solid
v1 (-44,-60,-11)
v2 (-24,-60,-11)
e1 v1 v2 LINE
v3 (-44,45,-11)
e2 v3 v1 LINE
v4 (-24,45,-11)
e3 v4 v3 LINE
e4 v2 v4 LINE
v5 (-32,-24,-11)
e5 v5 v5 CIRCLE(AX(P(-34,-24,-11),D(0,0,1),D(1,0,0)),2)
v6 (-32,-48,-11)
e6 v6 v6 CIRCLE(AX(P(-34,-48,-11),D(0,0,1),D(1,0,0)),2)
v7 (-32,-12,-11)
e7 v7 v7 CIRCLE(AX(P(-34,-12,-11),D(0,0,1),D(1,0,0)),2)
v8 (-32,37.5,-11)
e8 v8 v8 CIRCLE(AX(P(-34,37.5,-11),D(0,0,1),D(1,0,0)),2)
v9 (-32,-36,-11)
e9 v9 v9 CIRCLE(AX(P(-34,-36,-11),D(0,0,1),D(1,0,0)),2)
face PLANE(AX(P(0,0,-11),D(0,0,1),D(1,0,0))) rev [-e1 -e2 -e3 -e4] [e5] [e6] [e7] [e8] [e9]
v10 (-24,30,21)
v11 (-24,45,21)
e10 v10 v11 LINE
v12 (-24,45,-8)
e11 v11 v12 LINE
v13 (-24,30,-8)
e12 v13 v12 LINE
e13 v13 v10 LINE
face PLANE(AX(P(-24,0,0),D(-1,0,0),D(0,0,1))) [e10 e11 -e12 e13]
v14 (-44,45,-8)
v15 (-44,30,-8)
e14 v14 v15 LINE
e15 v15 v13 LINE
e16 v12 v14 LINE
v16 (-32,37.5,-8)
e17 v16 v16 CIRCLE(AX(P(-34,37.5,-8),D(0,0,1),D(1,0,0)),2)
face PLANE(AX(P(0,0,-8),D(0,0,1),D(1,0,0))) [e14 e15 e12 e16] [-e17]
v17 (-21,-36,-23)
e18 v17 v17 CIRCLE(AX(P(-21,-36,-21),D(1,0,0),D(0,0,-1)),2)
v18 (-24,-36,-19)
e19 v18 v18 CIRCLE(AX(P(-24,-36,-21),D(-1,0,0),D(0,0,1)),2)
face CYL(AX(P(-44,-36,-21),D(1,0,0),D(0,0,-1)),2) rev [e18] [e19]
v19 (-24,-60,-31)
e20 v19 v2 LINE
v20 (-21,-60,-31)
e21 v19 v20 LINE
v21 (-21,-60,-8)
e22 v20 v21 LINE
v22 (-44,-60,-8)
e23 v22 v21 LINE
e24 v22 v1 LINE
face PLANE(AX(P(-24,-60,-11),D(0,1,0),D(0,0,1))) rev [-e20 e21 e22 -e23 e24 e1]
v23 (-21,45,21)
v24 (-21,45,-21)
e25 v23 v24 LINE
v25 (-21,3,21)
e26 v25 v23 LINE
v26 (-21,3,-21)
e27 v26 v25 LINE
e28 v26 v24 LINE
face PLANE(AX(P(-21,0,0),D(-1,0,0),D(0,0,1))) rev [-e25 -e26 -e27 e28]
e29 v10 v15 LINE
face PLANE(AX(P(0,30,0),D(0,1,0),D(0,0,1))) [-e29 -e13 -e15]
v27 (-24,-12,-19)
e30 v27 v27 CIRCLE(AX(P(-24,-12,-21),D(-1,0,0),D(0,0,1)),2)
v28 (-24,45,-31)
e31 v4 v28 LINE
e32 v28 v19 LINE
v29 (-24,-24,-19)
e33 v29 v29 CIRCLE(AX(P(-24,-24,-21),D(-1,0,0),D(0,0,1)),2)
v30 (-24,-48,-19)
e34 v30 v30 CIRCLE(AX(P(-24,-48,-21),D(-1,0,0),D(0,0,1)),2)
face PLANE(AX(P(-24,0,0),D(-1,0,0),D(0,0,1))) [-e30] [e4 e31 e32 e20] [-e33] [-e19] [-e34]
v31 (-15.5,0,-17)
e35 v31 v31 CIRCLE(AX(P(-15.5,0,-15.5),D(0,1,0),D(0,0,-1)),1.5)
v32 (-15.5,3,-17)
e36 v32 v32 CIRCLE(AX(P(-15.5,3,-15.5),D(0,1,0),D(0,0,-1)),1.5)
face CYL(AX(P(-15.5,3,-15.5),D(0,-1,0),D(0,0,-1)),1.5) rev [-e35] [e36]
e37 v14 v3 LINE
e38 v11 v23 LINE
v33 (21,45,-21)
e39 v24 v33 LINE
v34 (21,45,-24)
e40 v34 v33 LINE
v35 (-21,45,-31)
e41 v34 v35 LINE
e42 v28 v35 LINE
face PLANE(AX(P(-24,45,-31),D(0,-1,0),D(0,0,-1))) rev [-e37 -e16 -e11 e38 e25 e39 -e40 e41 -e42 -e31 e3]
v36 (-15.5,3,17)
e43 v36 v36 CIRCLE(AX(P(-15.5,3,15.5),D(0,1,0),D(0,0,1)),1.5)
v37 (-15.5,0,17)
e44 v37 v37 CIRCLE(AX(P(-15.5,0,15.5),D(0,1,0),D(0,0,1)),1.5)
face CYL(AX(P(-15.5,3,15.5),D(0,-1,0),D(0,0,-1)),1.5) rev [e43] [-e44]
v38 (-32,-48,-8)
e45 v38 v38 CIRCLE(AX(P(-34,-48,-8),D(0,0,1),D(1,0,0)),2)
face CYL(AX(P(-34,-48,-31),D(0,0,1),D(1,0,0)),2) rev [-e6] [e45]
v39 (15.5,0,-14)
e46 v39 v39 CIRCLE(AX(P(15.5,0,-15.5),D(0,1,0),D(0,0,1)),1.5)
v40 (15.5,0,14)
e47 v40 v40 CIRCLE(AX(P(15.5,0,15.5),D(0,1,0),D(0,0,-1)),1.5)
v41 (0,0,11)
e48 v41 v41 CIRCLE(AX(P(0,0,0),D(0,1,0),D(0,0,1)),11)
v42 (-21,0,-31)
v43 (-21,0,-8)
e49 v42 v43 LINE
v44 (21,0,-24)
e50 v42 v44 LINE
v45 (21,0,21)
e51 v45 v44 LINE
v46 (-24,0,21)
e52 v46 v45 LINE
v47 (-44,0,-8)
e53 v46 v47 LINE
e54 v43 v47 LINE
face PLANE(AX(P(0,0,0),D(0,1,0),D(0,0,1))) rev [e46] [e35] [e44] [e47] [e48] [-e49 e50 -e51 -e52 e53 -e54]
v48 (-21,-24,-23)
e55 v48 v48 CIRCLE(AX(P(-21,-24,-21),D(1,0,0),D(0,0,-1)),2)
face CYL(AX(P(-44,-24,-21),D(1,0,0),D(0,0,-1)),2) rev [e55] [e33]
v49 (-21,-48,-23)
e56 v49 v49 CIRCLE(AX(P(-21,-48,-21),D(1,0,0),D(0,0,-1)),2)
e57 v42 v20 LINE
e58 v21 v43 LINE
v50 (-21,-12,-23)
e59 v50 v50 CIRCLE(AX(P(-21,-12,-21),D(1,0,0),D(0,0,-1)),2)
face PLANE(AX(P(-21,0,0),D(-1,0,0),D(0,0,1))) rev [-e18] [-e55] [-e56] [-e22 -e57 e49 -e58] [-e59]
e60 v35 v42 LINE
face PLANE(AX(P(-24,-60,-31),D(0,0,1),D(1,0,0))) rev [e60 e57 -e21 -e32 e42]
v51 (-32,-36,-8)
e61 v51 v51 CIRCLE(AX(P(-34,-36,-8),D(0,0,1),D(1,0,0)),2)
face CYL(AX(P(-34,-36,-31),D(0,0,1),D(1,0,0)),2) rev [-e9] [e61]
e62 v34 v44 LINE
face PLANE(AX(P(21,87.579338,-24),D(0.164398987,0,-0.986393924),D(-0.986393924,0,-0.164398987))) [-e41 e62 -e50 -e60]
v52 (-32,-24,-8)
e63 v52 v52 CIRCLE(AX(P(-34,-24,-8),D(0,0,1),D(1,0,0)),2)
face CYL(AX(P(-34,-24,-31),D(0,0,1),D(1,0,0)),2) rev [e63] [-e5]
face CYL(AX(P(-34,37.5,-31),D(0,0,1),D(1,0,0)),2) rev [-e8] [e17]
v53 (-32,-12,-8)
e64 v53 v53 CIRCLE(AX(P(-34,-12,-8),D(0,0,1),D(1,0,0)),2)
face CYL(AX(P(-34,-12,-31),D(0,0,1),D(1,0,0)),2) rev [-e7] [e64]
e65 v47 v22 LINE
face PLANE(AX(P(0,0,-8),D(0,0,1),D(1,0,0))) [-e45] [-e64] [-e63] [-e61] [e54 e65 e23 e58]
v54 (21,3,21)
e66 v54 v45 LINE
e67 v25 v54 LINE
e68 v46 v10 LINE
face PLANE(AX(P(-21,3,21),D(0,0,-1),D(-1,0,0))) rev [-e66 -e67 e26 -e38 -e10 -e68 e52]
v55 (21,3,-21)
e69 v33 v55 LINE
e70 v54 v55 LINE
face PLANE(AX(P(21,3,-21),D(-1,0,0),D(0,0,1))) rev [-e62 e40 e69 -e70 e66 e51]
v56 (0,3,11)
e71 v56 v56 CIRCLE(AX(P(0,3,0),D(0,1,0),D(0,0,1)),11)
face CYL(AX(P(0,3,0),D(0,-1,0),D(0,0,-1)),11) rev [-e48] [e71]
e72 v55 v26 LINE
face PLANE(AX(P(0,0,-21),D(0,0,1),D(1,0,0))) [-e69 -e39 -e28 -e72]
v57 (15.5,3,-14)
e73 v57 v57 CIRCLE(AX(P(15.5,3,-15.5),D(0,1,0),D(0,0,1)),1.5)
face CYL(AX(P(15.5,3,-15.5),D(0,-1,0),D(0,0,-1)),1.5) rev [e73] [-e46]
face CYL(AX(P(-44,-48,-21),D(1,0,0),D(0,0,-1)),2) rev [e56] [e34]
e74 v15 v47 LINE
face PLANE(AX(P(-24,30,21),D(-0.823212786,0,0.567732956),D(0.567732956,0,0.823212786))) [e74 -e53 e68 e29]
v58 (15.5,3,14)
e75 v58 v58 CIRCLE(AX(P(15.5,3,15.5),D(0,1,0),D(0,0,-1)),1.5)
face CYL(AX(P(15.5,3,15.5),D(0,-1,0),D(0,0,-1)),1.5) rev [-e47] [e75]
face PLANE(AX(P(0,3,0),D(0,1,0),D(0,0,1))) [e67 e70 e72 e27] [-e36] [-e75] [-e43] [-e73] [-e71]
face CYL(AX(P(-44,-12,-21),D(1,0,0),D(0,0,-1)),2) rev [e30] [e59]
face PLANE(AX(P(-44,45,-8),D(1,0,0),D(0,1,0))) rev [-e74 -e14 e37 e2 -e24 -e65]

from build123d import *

# Parameters (mm, degrees)
SKETCH1_W           = 42
SKETCH1_H           = 42
SKETCH1_R           = 11
SKETCH1_R_2         = 1.5
BOSS_EXTRUDE1_DEPTH = 3
BOSS_EXTRUDE2_DEPTH = 3
SKETCH4_W           = 42
SKETCH4_H           = 45
BOSS_EXTRUDE3_DEPTH = 3
BOSS_EXTRUDE4_DEPTH = 3
BOSS_EXTRUDE5_DEPTH = 30
SKETCH7_R           = 2
CUT_EXTRUDE1_DEPTH  = 24
BOSS_EXTRUDE6_DEPTH = 45
SKETCH9_R           = 2
CUT_EXTRUDE2_DEPTH  = 24


with BuildPart() as part:
    # Sketch1 → Boss-Extrude1 (new body)
    with BuildSketch(Plane(origin=(0, 0, 0), x_dir=(1, 0, 0), z_dir=(0, 1, 0))):
        Rectangle(SKETCH1_W, SKETCH1_H)
        Circle(SKETCH1_R, mode=Mode.SUBTRACT)
        with Locations((-15.5, -15.5)):
            Circle(SKETCH1_R_2, mode=Mode.SUBTRACT)
        with Locations((15.5, -15.5)):
            Circle(SKETCH1_R_2, mode=Mode.SUBTRACT)
        with Locations((-15.5, 15.5)):
            Circle(SKETCH1_R_2, mode=Mode.SUBTRACT)
        with Locations((15.5, 15.5)):
            Circle(SKETCH1_R_2, mode=Mode.SUBTRACT)
    extrude(amount=BOSS_EXTRUDE1_DEPTH)

    # Sketch2 → Boss-Extrude2 (add)
    with BuildSketch(Plane.ZY.offset(21)):
        Polygon((-11, 0), (-11, -60), (-31, -60), (-31, 45), (21, 45), (21, 0), align=None)
    extrude(amount=BOSS_EXTRUDE2_DEPTH)

    # Sketch4 → Boss-Extrude3 (add)
    with BuildSketch(Plane(origin=(0, 0, -21), x_dir=(-1, 0, 0), z_dir=(0, 0, -1))):
        with Locations((0, 22.5)):
            Rectangle(SKETCH4_W, SKETCH4_H)
    extrude(amount=BOSS_EXTRUDE3_DEPTH)

    # Sketch5 → Boss-Extrude4 (add)
    with BuildSketch(Plane.XY.offset(-11)):
        Polygon((-44, -60), (-21, -60), (-21, 0), (-24, 0), (-24, 45), (-44, 45), align=None)
    extrude(amount=BOSS_EXTRUDE4_DEPTH)

    # Sketch6 → Boss-Extrude5 (add)
    with BuildSketch(Plane.XZ):
        Polygon((-24, 21), (-44, -8), (-24, -8), align=None)
    extrude(amount=-BOSS_EXTRUDE5_DEPTH)

    # Sketch7 → Cut-Extrude1 (cut, through all)
    with BuildSketch(Plane.XY.offset(-8)):
        with Locations((-34, 37.5)):
            Circle(SKETCH7_R)
        with Locations((-34, -12)):
            Circle(SKETCH7_R)
        with Locations((-34, -24)):
            Circle(SKETCH7_R)
        with Locations((-34, -36)):
            Circle(SKETCH7_R)
        with Locations((-34, -48)):
            Circle(SKETCH7_R)
    extrude(amount=-CUT_EXTRUDE1_DEPTH, mode=Mode.SUBTRACT)

    # Sketch8 → Boss-Extrude6 (add)
    with BuildSketch(Plane.XZ):
        Polygon((21, -24), (-21, -31), (-21, -24), align=None)
    extrude(amount=-BOSS_EXTRUDE6_DEPTH)

    # Sketch9 → Cut-Extrude2 (cut, through all)
    with BuildSketch(Plane(origin=(-21, 0, 0), x_dir=(0, 0, -1), z_dir=(1, 0, 0))):
        with Locations((21, -12)):
            Circle(SKETCH9_R)
        with Locations((21, -24)):
            Circle(SKETCH9_R)
        with Locations((21, -36)):
            Circle(SKETCH9_R)
        with Locations((21, -48)):
            Circle(SKETCH9_R)
    extrude(amount=-CUT_EXTRUDE2_DEPTH, mode=Mode.SUBTRACT)


solid = part.part
